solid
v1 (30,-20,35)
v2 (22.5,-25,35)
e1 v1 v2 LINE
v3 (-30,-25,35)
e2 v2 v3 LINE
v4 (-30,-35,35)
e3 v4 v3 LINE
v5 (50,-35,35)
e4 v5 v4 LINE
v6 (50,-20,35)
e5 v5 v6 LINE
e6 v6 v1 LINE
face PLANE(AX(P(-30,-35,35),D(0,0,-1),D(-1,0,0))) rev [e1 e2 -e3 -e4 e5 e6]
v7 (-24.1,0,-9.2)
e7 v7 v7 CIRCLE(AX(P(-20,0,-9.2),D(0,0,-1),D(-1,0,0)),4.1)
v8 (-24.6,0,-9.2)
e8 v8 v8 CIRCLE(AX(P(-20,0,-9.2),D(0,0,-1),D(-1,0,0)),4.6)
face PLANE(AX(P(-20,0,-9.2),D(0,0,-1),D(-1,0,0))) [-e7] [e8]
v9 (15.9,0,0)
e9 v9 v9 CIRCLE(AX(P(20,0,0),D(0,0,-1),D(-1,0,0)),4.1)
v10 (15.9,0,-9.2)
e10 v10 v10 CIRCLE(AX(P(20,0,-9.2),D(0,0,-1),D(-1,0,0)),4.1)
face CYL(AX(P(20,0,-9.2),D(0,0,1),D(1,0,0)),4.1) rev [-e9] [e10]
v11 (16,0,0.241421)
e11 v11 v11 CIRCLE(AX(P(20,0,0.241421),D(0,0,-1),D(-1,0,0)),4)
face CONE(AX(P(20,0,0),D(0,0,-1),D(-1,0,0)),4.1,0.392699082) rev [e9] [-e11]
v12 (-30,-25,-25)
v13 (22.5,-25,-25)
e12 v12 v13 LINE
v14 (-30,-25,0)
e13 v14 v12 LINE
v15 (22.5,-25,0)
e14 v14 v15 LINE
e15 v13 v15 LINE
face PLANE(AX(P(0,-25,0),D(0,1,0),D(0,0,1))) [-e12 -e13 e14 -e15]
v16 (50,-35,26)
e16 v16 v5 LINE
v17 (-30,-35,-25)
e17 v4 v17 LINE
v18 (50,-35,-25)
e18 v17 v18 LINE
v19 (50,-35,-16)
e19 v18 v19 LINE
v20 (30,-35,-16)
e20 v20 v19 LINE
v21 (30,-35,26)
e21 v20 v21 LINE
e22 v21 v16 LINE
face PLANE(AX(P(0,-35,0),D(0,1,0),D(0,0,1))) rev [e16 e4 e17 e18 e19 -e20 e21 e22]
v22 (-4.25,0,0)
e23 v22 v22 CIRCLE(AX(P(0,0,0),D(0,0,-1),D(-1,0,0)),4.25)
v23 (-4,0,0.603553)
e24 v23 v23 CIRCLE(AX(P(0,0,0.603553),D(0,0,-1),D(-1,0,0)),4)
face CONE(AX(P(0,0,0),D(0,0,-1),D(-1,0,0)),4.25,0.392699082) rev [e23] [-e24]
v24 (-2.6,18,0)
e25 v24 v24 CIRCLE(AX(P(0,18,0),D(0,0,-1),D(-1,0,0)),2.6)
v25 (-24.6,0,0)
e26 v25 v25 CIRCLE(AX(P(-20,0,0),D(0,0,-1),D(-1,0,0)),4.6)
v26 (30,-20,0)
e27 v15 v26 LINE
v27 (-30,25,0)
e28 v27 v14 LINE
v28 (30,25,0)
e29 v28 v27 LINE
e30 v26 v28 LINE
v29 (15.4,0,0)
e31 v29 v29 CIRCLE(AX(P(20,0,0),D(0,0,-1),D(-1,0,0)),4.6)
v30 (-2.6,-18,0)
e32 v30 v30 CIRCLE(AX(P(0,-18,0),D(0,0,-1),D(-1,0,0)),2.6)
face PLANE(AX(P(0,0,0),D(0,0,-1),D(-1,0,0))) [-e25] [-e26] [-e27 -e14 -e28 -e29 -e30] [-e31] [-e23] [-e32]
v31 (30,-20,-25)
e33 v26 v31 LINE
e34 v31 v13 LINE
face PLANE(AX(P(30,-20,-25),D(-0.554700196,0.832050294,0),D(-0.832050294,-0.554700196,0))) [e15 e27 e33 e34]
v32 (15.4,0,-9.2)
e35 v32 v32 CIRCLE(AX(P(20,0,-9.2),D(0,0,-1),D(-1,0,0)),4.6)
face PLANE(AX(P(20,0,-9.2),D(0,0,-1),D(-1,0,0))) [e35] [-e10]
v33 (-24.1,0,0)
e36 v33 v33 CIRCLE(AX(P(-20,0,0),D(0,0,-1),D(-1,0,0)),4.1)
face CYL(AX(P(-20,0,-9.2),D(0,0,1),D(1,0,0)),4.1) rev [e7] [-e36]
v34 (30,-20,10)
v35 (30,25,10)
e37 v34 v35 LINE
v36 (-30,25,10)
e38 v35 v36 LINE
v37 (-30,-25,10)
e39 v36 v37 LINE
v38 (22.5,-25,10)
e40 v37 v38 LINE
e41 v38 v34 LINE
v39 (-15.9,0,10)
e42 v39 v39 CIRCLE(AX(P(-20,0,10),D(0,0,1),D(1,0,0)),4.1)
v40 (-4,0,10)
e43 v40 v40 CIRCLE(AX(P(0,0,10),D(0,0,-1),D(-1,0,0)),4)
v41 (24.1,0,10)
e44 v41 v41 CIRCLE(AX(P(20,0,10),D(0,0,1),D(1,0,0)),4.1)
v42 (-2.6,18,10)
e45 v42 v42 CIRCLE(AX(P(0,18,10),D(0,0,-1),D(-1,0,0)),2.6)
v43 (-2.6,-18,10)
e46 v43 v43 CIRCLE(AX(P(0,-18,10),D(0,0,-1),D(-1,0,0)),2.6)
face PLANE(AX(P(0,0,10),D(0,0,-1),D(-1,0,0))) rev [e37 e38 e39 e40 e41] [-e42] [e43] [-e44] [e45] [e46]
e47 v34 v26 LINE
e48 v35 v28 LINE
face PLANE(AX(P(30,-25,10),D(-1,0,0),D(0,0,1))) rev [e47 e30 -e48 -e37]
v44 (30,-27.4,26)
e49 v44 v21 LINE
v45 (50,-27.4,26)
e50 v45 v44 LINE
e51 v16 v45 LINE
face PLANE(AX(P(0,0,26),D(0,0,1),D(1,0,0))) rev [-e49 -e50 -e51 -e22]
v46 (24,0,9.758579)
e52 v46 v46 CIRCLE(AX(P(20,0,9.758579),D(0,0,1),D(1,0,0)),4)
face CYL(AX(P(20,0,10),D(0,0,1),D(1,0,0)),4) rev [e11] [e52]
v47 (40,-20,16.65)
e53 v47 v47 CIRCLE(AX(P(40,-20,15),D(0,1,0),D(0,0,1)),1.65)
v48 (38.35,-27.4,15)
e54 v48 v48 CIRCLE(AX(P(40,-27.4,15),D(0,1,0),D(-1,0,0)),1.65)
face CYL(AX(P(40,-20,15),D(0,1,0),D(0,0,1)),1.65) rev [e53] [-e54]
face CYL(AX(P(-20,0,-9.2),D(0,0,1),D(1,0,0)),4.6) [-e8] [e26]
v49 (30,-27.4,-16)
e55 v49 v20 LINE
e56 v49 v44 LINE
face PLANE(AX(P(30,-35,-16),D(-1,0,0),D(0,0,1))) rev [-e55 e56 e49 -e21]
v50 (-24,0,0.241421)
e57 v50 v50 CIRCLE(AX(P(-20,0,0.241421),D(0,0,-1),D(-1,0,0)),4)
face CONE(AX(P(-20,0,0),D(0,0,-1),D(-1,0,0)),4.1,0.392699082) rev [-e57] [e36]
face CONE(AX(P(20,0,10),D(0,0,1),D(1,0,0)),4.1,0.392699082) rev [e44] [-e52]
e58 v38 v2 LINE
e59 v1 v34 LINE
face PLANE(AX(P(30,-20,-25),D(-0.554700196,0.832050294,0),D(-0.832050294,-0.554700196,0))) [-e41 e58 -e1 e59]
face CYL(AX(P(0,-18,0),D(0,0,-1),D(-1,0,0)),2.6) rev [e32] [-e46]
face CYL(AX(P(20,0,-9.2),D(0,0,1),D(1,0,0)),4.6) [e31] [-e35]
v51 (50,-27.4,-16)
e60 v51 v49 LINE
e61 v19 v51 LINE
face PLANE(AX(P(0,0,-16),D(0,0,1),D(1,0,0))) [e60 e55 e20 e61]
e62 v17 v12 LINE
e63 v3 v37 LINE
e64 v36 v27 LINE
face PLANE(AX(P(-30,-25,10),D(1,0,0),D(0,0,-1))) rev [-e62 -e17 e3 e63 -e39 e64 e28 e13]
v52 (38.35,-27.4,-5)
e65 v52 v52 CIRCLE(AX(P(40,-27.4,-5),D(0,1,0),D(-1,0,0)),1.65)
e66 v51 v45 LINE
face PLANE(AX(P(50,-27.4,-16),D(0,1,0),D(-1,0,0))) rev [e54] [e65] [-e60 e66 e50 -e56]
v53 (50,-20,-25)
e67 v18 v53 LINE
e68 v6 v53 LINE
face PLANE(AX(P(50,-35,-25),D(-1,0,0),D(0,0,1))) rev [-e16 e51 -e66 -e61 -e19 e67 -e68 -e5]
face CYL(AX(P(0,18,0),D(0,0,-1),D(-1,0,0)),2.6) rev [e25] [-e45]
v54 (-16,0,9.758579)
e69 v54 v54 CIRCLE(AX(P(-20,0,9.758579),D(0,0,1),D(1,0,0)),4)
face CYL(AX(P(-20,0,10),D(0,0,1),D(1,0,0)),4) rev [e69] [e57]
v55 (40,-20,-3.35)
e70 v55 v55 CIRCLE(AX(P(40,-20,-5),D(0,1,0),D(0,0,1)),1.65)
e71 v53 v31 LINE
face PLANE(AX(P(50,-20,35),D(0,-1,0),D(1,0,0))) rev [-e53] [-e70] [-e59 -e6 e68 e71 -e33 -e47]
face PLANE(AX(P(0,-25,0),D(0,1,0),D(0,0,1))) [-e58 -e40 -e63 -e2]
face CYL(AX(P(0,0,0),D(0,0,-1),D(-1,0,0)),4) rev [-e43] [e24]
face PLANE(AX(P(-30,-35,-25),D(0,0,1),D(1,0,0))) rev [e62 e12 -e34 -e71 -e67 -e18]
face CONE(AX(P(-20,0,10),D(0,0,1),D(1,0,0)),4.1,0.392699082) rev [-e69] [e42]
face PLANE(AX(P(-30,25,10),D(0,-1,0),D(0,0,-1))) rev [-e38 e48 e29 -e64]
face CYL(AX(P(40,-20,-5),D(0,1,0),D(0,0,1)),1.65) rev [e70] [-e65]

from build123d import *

# Parameters (mm, degrees)
SKETCH_1_W                = 60
SKETCH_1_H                = 50
EXTRUDE_1_DEPTH           = 10
HOLE_WIZARD_2_D           = 8
HOLE_WIZARD_2_CSINK_D     = 8.2
HOLE_WIZARD_2_CSINK_ANGLE = 45
HOLE_WIZARD_3_D           = 5.2
SKETCH_8_W                = 80
SKETCH_8_H                = 60
EXTRUDE_2_DEPTH           = 10
SKETCH_11_W               = 20
SKETCH_11_H               = 7.6
CUT_EXTRUDE_1_DEPTH       = 21
SKETCH_12_W               = 20
SKETCH_12_H               = 5
EXTRUDE_4_DEPTH           = 30
HOLE_WIZARD_4_D           = 3.3
EXTRUDE_START             = -60
EXTRUDE_5_DEPTH           = 60
HOLE_WIZARD_5_D           = 8
HOLE_WIZARD_5_CSINK_D     = 8.5
HOLE_WIZARD_5_CSINK_ANGLE = 45
HOLE_WIZARD_6_D           = 8
HOLE_WIZARD_6_CSINK_D     = 8.2
HOLE_WIZARD_6_CSINK_ANGLE = 45
SKETCH_22_R               = 4.6
SKETCH_22_R_2             = 4.1
EXTRUDE_7_DEPTH           = 9.2


with BuildPart() as part:
    # 草图1 → 凸台-拉伸1 (new body)
    with BuildSketch(Plane.XY):
        Rectangle(SKETCH_1_W, SKETCH_1_H)
    extrude(amount=EXTRUDE_1_DEPTH)

    # 孔2 (through all)
    with Locations(Plane.XY.offset(10)):
        with Locations((20, 0), (-20, 0)):
            CounterSinkHole(HOLE_WIZARD_2_D / 2, HOLE_WIZARD_2_CSINK_D / 2, counter_sink_angle=HOLE_WIZARD_2_CSINK_ANGLE)

    # 孔3 (through all)
    with Locations(Plane(origin=(0, 0, 0), x_dir=(-1, 0, 0), z_dir=(0, 0, -1))):
        with Locations((0, 18), (0, -18)):
            Hole(HOLE_WIZARD_3_D / 2)

    # 草图8 → 凸台-拉伸2 (add)
    with BuildSketch(Plane.XZ.offset(25)):
        with Locations((10, 5)):
            Rectangle(SKETCH_8_W, SKETCH_8_H)
    extrude(amount=EXTRUDE_2_DEPTH)

    # 草图11 → 切除-拉伸1 (cut, symmetric)
    with BuildSketch(Plane.XY.offset(5)):
        with Locations((40, -31.2)):
            Rectangle(SKETCH_11_W, SKETCH_11_H)
    extrude(amount=CUT_EXTRUDE_1_DEPTH, both=True, mode=Mode.SUBTRACT)

    # 草图12 → 凸台-拉伸4 (add, symmetric)
    with BuildSketch(Plane.XY.offset(5)):
        with Locations((40, -22.5)):
            Rectangle(SKETCH_12_W, SKETCH_12_H)
    extrude(amount=EXTRUDE_4_DEPTH, both=True)

    # 孔4 (through all)
    with Locations(Plane(origin=(0, -20, 0), x_dir=(1, 0, 0), z_dir=(0, 1, 0))):
        with Locations((40, -15), (40, 5)):
            Hole(HOLE_WIZARD_4_D / 2)

    # 草图15 → 凸台-拉伸5 (add)
    with BuildSketch(Plane.XY.offset(35).offset(EXTRUDE_START)):
        Polygon((30, -20), (22.5, -25), (30, -25), align=None)
    extrude(amount=EXTRUDE_5_DEPTH)

    # 孔5 (through all)
    with Locations(Plane(origin=(0, 0, 0), x_dir=(-1, 0, 0), z_dir=(0, 0, -1))):
        with Locations((0, 0)):
            CounterSinkHole(HOLE_WIZARD_5_D / 2, HOLE_WIZARD_5_CSINK_D / 2, counter_sink_angle=HOLE_WIZARD_5_CSINK_ANGLE)

    # 孔6 (through all)
    with Locations(Plane(origin=(0, 0, 0), x_dir=(-1, 0, 0), z_dir=(0, 0, -1))):
        with Locations((-20, 0), (20, 0)):
            CounterSinkHole(HOLE_WIZARD_6_D / 2, HOLE_WIZARD_6_CSINK_D / 2, counter_sink_angle=HOLE_WIZARD_6_CSINK_ANGLE)

    # 草图22 → 凸台-拉伸7 (add)
    # profile 1 of 2: a face of its own
    with BuildSketch(Plane(origin=(0, 0, 0), x_dir=(-1, 0, 0), z_dir=(0, 0, -1))):
        with Locations((-20, 0)):
            Circle(SKETCH_22_R)
        with Locations((-20, 0)):
            Circle(SKETCH_22_R_2, mode=Mode.SUBTRACT)
    # profile 2 of 2: a face of its own
    with BuildSketch(Plane(origin=(0, 0, 0), x_dir=(-1, 0, 0), z_dir=(0, 0, -1))):
        with Locations((20, 0)):
            Circle(SKETCH_22_R)
        with Locations((20, 0)):
            Circle(SKETCH_22_R_2, mode=Mode.SUBTRACT)
    extrude(amount=EXTRUDE_7_DEPTH)


solid = part.part
